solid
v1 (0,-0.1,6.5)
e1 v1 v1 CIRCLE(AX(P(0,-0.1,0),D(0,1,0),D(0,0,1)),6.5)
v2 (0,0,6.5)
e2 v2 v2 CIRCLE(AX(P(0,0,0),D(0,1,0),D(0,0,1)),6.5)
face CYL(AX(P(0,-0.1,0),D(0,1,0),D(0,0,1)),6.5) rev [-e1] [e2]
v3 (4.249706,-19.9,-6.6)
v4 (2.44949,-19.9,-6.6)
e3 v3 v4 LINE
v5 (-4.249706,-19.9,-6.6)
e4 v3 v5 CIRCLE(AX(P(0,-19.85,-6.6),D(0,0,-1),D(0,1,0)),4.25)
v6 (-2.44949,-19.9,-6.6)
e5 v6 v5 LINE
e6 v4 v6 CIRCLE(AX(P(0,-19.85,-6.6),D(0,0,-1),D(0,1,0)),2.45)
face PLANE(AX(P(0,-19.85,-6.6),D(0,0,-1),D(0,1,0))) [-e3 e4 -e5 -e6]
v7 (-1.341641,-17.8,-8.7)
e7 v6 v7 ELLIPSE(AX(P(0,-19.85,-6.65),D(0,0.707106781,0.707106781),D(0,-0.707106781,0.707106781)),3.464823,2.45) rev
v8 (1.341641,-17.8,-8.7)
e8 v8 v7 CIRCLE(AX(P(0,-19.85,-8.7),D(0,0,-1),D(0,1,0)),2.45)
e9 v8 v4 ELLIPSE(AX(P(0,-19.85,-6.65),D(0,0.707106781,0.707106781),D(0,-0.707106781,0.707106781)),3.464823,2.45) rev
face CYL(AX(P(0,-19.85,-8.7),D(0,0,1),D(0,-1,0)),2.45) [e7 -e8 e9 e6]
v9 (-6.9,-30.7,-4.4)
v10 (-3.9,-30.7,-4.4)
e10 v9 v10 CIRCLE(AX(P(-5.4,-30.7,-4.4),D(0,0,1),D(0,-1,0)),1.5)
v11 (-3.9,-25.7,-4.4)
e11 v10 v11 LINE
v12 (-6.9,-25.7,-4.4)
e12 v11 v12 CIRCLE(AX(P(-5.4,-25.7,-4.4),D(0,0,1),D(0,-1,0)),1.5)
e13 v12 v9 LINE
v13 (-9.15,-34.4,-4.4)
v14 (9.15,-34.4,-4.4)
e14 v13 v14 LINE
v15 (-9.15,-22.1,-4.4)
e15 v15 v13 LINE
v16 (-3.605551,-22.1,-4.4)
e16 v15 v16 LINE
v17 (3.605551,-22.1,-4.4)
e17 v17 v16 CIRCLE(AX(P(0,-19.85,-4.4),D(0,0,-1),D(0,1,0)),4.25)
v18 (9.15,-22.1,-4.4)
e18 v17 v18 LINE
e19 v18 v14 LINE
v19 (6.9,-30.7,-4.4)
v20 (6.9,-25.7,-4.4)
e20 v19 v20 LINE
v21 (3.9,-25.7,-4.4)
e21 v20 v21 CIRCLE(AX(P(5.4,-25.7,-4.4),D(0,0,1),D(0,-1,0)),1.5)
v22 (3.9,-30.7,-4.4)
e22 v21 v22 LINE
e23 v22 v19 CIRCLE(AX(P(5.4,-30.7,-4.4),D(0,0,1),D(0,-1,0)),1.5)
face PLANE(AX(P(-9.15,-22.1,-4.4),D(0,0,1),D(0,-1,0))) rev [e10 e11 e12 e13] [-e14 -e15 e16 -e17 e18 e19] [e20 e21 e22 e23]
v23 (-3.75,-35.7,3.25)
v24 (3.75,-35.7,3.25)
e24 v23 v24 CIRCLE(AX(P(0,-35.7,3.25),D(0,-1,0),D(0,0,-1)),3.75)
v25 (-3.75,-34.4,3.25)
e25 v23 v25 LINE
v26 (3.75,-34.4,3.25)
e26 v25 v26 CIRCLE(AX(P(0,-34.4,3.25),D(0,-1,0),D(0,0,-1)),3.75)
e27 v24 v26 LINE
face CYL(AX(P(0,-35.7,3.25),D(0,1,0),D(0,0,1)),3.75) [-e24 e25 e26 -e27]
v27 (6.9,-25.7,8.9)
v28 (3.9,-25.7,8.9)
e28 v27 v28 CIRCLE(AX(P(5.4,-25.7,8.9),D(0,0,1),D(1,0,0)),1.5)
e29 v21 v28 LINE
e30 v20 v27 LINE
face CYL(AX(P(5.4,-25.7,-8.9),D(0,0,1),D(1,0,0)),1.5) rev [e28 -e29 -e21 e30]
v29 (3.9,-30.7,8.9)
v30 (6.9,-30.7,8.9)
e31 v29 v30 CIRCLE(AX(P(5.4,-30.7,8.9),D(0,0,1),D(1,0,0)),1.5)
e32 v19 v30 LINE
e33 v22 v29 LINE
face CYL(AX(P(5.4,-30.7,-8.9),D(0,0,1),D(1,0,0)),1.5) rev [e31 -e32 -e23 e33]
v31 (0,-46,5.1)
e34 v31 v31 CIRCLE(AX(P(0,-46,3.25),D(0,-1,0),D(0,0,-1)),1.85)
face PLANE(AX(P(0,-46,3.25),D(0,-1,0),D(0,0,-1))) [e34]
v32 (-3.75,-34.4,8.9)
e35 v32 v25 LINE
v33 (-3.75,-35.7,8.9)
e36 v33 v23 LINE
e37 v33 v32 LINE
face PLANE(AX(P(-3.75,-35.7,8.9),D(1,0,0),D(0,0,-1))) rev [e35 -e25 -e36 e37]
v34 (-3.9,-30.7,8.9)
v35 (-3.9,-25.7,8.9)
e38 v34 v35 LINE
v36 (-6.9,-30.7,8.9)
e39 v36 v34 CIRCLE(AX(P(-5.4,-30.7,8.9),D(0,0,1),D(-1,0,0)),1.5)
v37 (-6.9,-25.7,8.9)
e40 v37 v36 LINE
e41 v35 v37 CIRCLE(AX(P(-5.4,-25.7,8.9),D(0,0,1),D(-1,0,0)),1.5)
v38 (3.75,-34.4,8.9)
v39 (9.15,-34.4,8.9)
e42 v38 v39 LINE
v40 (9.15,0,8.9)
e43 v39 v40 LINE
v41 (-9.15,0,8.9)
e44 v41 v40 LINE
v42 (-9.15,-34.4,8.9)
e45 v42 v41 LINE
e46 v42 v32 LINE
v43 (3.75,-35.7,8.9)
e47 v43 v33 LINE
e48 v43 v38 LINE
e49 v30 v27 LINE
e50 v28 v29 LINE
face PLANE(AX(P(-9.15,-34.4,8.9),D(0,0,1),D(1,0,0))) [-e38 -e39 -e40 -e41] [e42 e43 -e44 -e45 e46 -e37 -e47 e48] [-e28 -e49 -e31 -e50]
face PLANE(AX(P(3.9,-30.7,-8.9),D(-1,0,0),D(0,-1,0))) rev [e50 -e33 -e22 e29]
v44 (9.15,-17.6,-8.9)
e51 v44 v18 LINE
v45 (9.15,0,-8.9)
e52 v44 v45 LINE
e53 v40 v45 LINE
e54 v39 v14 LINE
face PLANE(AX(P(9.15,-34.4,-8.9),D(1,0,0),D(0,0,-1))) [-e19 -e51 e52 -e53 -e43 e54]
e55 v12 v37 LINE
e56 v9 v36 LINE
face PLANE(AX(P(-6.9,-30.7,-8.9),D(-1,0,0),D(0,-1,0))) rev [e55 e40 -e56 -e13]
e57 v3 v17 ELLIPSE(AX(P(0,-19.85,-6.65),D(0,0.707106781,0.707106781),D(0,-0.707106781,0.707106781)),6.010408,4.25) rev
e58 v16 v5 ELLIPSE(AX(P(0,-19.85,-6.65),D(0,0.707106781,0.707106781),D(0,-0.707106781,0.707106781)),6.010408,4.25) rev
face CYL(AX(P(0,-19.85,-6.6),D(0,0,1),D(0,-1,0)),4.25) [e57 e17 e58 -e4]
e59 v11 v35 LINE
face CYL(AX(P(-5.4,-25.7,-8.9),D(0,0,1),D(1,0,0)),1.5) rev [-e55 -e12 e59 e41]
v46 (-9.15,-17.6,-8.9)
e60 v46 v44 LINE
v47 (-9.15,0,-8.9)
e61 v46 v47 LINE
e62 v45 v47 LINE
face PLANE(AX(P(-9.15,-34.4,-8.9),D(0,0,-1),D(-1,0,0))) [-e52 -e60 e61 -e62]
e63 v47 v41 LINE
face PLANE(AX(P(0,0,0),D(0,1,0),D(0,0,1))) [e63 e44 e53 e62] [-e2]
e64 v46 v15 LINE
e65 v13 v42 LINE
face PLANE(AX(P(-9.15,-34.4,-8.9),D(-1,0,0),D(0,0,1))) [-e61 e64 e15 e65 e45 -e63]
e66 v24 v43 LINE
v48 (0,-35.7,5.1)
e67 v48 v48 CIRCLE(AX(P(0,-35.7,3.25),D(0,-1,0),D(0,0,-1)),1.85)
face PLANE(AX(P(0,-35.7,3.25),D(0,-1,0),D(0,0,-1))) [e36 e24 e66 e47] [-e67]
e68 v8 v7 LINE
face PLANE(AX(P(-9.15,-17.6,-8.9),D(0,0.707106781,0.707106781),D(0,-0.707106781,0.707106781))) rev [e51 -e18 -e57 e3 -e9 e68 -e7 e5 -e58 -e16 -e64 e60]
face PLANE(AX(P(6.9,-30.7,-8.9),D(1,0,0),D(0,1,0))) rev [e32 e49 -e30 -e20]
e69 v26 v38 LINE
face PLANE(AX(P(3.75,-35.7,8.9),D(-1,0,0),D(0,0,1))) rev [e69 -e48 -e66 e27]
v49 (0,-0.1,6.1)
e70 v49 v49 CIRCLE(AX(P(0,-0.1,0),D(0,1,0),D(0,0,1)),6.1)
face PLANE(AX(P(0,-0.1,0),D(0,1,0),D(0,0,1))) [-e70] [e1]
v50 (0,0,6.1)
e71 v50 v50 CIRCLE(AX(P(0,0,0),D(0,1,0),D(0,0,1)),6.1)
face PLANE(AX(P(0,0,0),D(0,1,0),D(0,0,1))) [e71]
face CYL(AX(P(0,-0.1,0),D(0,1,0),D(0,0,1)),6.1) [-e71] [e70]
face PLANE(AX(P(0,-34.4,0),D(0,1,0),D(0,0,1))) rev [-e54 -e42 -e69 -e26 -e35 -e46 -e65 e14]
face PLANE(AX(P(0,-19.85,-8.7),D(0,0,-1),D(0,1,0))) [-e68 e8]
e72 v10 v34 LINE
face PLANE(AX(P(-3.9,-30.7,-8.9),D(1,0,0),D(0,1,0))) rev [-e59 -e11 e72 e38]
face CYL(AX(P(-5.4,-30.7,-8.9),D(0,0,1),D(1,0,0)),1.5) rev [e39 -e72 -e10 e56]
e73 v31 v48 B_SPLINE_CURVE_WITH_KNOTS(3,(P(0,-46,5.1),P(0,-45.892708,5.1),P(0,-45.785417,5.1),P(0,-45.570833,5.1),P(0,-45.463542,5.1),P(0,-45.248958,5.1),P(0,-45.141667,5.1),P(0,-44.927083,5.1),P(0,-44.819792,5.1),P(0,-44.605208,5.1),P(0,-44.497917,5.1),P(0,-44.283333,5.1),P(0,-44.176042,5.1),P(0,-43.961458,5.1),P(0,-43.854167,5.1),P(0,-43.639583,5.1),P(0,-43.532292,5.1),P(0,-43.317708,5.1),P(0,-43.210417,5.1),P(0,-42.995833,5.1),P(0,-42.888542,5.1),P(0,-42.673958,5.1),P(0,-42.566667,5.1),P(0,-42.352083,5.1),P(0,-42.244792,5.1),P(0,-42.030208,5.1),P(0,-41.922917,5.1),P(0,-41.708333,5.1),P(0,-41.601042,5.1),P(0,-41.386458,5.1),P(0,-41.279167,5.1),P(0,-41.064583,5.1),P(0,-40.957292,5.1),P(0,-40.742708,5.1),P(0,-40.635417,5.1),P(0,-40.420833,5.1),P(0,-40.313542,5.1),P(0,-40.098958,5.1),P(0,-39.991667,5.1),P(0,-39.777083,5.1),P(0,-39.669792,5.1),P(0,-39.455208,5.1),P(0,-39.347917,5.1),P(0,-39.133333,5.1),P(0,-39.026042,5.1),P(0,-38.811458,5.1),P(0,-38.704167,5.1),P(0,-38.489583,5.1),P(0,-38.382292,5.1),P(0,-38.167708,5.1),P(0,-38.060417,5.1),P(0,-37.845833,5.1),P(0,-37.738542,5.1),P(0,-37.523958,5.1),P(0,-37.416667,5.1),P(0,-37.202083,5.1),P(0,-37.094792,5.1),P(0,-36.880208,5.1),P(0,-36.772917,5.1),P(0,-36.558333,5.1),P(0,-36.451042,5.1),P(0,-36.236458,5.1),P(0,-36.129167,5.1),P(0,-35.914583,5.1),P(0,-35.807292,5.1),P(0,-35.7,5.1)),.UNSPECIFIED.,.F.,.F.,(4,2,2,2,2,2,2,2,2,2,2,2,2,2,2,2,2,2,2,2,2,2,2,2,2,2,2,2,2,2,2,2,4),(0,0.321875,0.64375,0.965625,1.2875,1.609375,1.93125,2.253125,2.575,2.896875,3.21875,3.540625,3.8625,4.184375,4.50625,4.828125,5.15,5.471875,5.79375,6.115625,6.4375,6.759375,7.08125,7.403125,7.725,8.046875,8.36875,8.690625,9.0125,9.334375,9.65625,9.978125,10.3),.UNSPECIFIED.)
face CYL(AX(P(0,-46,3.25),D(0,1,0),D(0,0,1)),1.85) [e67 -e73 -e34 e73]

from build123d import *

# Parameters (mm, degrees)
ESQUISSE1_W                  = 18.3
ESQUISSE1_H                  = 17.8
BOSS_EXTRU_1_DEPTH           = 34.4
ENL_V_MAT_EXTRU_1_DEPTH      = 37.69185877
ENL_V_MAT_EXTRU_1_DEPTH_BACK = 37.69185877
ENL_V_MAT_EXTRU_2_DEPTH      = 37.69185877
ENL_V_MAT_EXTRU_2_DEPTH_BACK = 37.69185877
ESQUISSE4_R                  = 4.25
BOSS_EXTRU_2_DEPTH           = 2.2
ESQUISSE5_R                  = 2.45
BOSS_EXTRU_3_DEPTH           = 2.1
BOSS_EXTRU_4_DEPTH           = 1.3
ESQUISSE7_R                  = 1.85
BOSS_EXTRU_5_DEPTH           = 10.3
ESQUISSE8_R                  = 6.5
ESQUISSE8_R_2                = 6.1
ENL_V_MAT_EXTRU_3_DEPTH      = 0.1


with BuildPart() as part:
    # Esquisse1 → Boss.-Extru.1 (new body)
    with BuildSketch(Plane(origin=(0, 0, 0), x_dir=(1, 0, 0), z_dir=(0, 1, 0))):
        Rectangle(ESQUISSE1_W, ESQUISSE1_H)
    extrude(amount=-BOSS_EXTRU_1_DEPTH)

    # Esquisse2 → Enlèv. mat.-Extru.1 (cut, two sides: drawn at the far end of the back side and taken through both)
    with BuildSketch(Plane(origin=(0, 0, 0), x_dir=(0, 0, -1), z_dir=(1, 0, 0)).offset(-ENL_V_MAT_EXTRU_1_DEPTH_BACK)):
        Polygon((8.9, -17.6), (4.4, -22.1), (4.4, -34.4), (8.9, -34.4), align=None)
    extrude(amount=ENL_V_MAT_EXTRU_1_DEPTH + ENL_V_MAT_EXTRU_1_DEPTH_BACK, mode=Mode.SUBTRACT)

    # Esquisse3 → Enlèv. mat.-Extru.2 (cut, two sides: drawn at the far end of the back side and taken through both)
    with BuildSketch(Plane.XY.offset(-ENL_V_MAT_EXTRU_2_DEPTH_BACK)):
        with BuildLine():
            Line((3.9, -30.7), (3.9, -25.7))
            ThreePointArc((3.9, -25.7), (5.4, -24.2), (6.9, -25.7))
            Line((6.9, -25.7), (6.9, -30.7))
            ThreePointArc((6.9, -30.7), (5.4, -32.2), (3.9, -30.7))
        make_face()
        with BuildLine():
            Line((-3.9, -30.7), (-3.9, -25.7))
            ThreePointArc((-3.9, -25.7), (-5.4, -24.2), (-6.9, -25.7))
            Line((-6.9, -25.7), (-6.9, -30.7))
            ThreePointArc((-6.9, -30.7), (-5.4, -32.2), (-3.9, -30.7))
        make_face()
    extrude(amount=ENL_V_MAT_EXTRU_2_DEPTH + ENL_V_MAT_EXTRU_2_DEPTH_BACK, mode=Mode.SUBTRACT)

    # Esquisse4 → Boss.-Extru.2 (add)
    with BuildSketch(Plane(origin=(0, 0, -4.4), x_dir=(-1, 0, 0), z_dir=(0, 0, -1))):
        with Locations((0, -19.85)):
            Circle(ESQUISSE4_R)
    extrude(amount=BOSS_EXTRU_2_DEPTH)

    # Esquisse5 → Boss.-Extru.3 (add)
    with BuildSketch(Plane(origin=(0, 0, -6.6), x_dir=(-1, 0, 0), z_dir=(0, 0, -1))):
        with Locations((0, -19.85)):
            Circle(ESQUISSE5_R)
    extrude(amount=BOSS_EXTRU_3_DEPTH)

    # Esquisse6 → Boss.-Extru.4 (add)
    with BuildSketch(Plane.XZ.offset(34.4)):
        with BuildLine():
            Line((3.75, 8.9), (3.75, 3.25))
            ThreePointArc((3.75, 3.25), (0, -0.5), (-3.75, 3.25))
            Line((-3.75, 3.25), (-3.75, 8.9))
            Line((-3.75, 8.9), (3.75, 8.9))
        make_face()
    extrude(amount=BOSS_EXTRU_4_DEPTH)

    # Esquisse7 → Boss.-Extru.5 (add)
    with BuildSketch(Plane.XZ.offset(35.7)):
        with Locations(Location((0, 3.25, 0), (0, 0, 90))):
            Circle(ESQUISSE7_R)
    extrude(amount=BOSS_EXTRU_5_DEPTH)

    # Esquisse8 → Enlèv. mat.-Extru.3 (cut)
    with BuildSketch(Plane(origin=(0, 0, 0), x_dir=(1, 0, 0), z_dir=(0, 1, 0))):
        with Locations(Location((0, 0, 0), (0, 0, 270))):
            Circle(ESQUISSE8_R)
        with Locations(Location((0, 0, 0), (0, 0, 270))):
            Circle(ESQUISSE8_R_2, mode=Mode.SUBTRACT)
    extrude(amount=-ENL_V_MAT_EXTRU_3_DEPTH, mode=Mode.SUBTRACT)


solid = part.part
